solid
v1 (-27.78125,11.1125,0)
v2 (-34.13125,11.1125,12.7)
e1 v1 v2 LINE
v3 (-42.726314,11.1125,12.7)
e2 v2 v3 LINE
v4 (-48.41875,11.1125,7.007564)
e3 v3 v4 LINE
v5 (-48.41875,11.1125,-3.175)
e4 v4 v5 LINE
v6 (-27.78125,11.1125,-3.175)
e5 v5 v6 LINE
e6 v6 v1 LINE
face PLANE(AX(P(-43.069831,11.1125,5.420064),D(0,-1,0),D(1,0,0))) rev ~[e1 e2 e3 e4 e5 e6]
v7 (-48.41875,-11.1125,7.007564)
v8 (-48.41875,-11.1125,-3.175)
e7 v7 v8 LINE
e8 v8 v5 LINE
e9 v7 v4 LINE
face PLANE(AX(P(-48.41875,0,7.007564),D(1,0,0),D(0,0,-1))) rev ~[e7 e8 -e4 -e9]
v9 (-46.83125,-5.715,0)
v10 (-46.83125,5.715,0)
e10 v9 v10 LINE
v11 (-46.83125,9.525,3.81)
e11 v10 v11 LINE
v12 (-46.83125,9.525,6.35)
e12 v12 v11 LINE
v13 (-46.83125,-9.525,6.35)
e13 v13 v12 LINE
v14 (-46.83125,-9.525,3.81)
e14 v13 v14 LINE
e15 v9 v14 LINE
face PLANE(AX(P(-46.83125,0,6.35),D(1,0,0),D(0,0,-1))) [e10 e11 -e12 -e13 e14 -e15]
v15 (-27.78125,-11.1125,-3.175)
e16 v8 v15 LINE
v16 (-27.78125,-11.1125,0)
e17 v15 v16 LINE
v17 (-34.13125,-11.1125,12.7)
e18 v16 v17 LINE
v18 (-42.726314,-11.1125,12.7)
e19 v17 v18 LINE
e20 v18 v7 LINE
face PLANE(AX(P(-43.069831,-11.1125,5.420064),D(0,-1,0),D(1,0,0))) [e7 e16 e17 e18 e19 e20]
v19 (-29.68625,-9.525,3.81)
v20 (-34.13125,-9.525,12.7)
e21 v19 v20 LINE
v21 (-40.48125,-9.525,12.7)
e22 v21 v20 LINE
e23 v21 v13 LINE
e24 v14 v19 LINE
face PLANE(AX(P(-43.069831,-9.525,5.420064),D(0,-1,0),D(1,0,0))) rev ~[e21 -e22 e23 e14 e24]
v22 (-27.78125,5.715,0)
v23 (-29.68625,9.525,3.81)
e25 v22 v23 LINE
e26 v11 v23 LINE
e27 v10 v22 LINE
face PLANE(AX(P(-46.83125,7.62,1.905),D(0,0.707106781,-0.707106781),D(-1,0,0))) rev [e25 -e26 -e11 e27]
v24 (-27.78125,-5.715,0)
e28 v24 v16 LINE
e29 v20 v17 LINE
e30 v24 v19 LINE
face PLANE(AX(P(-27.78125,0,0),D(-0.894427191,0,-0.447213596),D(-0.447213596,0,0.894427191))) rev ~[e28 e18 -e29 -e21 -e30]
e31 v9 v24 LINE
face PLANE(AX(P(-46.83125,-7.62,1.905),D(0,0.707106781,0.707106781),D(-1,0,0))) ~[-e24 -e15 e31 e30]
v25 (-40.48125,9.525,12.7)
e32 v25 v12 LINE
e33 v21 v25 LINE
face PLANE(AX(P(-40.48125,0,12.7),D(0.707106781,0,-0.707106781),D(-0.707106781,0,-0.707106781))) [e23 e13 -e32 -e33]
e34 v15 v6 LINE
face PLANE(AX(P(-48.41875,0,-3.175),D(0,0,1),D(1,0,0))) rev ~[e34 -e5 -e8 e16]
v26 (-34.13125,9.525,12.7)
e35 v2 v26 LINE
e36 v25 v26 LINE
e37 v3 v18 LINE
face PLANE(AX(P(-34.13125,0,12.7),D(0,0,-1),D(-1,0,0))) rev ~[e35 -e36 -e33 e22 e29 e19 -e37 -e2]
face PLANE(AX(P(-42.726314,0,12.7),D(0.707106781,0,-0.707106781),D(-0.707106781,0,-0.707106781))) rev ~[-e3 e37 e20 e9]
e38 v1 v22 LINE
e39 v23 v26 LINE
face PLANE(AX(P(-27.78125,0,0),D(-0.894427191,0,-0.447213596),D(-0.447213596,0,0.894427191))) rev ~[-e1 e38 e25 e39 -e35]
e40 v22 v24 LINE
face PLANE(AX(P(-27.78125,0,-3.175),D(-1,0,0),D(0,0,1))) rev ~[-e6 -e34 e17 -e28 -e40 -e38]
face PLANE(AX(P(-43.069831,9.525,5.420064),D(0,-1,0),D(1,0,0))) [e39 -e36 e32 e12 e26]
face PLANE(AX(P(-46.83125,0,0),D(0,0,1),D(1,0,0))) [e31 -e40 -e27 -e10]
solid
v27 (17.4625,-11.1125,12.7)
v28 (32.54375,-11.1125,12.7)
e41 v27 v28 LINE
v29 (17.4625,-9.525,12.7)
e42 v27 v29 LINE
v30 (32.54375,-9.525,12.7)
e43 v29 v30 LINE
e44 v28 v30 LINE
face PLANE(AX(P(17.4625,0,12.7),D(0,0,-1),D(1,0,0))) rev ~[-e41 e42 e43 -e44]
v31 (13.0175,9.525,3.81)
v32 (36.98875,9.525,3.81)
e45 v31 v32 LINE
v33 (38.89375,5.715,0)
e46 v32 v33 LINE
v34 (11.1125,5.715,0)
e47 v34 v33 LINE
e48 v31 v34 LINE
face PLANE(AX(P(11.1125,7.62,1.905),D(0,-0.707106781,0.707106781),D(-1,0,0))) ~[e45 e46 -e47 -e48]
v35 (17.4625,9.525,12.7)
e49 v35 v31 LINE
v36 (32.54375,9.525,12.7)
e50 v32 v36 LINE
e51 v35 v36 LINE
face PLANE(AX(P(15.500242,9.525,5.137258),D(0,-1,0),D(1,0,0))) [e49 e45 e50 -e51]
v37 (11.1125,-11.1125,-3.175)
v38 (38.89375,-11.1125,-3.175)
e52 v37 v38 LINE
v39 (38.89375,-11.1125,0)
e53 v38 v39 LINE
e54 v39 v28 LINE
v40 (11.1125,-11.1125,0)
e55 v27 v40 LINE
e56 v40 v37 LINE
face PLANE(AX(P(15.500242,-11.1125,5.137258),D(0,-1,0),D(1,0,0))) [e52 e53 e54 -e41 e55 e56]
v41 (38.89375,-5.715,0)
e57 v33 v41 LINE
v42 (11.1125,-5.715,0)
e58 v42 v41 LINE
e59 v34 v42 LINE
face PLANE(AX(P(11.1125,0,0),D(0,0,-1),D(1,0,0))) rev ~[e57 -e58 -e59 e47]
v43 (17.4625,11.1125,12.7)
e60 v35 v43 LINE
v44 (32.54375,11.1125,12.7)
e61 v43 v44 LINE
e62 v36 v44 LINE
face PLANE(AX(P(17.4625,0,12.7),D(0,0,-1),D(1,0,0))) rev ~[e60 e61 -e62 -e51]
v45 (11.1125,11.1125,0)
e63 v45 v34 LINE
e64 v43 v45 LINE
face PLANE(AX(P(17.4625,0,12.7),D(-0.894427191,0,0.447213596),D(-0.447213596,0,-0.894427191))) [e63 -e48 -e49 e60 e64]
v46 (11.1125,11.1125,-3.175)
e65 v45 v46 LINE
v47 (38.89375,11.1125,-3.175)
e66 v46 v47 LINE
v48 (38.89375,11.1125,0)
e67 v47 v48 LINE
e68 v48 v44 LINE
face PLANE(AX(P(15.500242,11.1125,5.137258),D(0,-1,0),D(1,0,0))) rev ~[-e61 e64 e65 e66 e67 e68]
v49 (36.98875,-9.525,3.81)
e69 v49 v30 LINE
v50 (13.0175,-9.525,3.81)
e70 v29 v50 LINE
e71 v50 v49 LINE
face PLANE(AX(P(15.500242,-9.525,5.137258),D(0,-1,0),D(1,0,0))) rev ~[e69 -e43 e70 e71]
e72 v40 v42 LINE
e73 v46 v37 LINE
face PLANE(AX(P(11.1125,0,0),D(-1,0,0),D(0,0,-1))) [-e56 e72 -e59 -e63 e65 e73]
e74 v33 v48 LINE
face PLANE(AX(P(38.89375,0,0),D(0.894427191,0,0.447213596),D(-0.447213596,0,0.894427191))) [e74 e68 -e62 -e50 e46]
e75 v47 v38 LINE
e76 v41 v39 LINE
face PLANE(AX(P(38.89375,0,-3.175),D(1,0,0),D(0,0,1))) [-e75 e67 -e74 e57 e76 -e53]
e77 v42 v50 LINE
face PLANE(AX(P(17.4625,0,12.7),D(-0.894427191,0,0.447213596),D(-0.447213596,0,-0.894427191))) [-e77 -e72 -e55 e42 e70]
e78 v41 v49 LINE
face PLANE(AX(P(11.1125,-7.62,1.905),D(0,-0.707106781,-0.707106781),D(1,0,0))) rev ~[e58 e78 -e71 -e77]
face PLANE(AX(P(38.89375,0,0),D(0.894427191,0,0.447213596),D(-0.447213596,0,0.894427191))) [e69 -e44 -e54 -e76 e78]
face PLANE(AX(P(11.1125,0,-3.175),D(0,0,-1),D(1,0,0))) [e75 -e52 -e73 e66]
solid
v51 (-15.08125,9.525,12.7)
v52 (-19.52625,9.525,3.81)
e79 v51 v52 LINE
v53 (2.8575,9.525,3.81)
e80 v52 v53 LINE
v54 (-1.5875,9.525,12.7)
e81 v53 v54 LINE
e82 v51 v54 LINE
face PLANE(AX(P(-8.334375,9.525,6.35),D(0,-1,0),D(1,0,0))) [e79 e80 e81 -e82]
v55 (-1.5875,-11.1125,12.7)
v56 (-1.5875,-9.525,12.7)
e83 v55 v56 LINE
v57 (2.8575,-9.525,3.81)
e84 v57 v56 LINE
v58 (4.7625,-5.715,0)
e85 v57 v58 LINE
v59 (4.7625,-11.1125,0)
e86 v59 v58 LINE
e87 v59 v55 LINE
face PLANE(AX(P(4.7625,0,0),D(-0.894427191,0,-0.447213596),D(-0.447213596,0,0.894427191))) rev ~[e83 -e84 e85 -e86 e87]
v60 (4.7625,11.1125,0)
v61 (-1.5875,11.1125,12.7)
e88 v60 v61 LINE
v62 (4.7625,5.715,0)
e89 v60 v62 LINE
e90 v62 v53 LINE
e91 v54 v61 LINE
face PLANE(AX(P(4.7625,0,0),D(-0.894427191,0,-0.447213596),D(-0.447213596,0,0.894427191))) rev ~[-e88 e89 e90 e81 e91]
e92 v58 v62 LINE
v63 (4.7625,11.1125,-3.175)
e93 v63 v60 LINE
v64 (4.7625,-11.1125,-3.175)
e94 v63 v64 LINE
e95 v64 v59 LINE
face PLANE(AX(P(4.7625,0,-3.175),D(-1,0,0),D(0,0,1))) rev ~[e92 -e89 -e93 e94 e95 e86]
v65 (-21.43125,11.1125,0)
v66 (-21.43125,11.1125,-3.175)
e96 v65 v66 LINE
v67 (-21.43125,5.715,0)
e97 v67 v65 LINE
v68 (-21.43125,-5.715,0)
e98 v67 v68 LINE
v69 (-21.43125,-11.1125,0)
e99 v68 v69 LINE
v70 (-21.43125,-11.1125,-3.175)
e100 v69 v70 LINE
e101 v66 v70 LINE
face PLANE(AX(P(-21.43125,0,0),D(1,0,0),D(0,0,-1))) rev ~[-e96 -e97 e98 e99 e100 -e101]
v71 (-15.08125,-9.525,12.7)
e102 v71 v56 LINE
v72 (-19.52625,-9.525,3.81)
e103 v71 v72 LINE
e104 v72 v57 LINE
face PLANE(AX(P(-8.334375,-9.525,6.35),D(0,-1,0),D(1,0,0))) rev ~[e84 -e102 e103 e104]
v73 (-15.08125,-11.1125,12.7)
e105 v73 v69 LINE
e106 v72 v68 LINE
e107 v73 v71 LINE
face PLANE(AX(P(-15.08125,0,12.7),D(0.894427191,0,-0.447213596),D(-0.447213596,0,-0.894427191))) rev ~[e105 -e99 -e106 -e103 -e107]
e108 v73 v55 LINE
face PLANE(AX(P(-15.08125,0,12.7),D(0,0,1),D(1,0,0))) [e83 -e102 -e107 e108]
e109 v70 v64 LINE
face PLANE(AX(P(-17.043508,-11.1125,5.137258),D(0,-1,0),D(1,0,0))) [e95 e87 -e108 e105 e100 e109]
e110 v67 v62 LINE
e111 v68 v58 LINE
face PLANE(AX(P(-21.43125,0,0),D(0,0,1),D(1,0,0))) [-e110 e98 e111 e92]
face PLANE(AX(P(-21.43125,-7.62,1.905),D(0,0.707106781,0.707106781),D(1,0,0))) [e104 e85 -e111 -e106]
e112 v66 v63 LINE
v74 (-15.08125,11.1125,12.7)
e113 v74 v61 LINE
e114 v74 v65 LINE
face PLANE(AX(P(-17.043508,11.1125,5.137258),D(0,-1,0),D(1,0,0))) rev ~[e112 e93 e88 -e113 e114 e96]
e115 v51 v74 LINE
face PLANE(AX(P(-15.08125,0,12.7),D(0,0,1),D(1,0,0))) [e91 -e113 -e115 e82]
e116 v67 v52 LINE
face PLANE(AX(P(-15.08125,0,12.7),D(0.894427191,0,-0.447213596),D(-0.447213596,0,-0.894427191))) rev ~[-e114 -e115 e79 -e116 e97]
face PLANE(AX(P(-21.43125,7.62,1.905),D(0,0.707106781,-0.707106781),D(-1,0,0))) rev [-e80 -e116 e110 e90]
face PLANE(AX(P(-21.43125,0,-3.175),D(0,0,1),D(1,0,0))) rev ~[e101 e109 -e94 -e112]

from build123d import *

# Parameters (mm, degrees)
F0_W     = 13.49375
F0_H     = 12.7
F0_W_2   = 15.08125
F0_W_3   = 6.35
F1_DEPTH = 11.1125
F2_DEPTH = 9.525
F3_SIZE  = 3.81


with BuildPart() as f1:
    # F0 (on Front) → F1 (new body, symmetric)
    with BuildSketch(Plane.XZ):
        Polygon((-46.83125, 0), (-40.48125, 0), (-40.48125, 12.7), (-46.83125, 6.35), align=None)
        Polygon((-21.43125, 0), (-15.08125, 0), (-15.08125, 12.7), align=None)
        Polygon((-1.5875, 0), (4.7625, 0), (-1.5875, 12.7), align=None)
        Polygon((-34.13125, 0), (-27.78125, 0), (-34.13125, 12.7), align=None)
        Polygon((17.4625, 12.7), (11.1125, 0), (17.4625, 0), align=None)
        Polygon((32.54375, 0), (38.89375, 0), (32.54375, 12.7), align=None)
        Polygon((4.7625, -3.175), (4.7625, 0), (-1.5875, 0), (-15.08125, 0), (-21.43125, 0), (-21.43125, -3.175), align=None)
        with Locations((-8.334375, 6.35)):
            Rectangle(F0_W, F0_H)
        Polygon((11.1125, 0), (11.1125, -3.175), (38.89375, -3.175), (38.89375, 0), (32.54375, 0), (17.4625, 0), align=None)
        with Locations((25.003125, 6.35)):
            Rectangle(F0_W_2, F0_H)
        Polygon((-48.41875, -3.175), (-46.83125, -3.175), (-46.83125, 0), (-46.83125, 6.35), (-40.48125, 12.7), (-42.726314, 12.7), (-48.41875, 7.007564), (-48.41875, 6.35), align=None)
        with Locations((-37.30625, 6.35)):
            Rectangle(F0_W_3, F0_H)
        Polygon((-27.78125, -3.175), (-27.78125, 0), (-34.13125, 0), (-40.48125, 0), (-46.83125, 0), (-46.83125, -3.175), align=None)
    extrude(amount=F1_DEPTH, both=True)

    # F0 (on Front) → F2 (cut, symmetric)
    with BuildSketch(Plane.XZ):
        Polygon((-46.83125, 0), (-40.48125, 0), (-40.48125, 12.7), (-46.83125, 6.35), align=None)
        with Locations((-37.30625, 6.35)):
            Rectangle(F0_W_3, F0_H)
        Polygon((-34.13125, 0), (-27.78125, 0), (-34.13125, 12.7), align=None)
        with Locations((-8.334375, 6.35)):
            Rectangle(F0_W, F0_H)
        Polygon((-21.43125, 0), (-15.08125, 0), (-15.08125, 12.7), align=None)
        Polygon((-1.5875, 0), (4.7625, 0), (-1.5875, 12.7), align=None)
        Polygon((17.4625, 12.7), (11.1125, 0), (17.4625, 0), align=None)
        with Locations((25.003125, 6.35)):
            Rectangle(F0_W_2, F0_H)
        Polygon((32.54375, 0), (38.89375, 0), (32.54375, 12.7), align=None)
    extrude(amount=F2_DEPTH, both=True, mode=Mode.SUBTRACT)

    # F3
    f3_edges = [f1.edges().sort_by_distance(p)[0] for p in [
        (-37.30625, 9.525, 0),
        (-37.30625, -9.525, 0),
        (-8.334375, -9.525, 0),
        (25.003125, -9.525, 0),
        (-8.334375, 9.525, 0),
        (25.003125, 9.525, 0),
    ]]
    chamfer(f3_edges, length=F3_SIZE)


solid = f1.part
